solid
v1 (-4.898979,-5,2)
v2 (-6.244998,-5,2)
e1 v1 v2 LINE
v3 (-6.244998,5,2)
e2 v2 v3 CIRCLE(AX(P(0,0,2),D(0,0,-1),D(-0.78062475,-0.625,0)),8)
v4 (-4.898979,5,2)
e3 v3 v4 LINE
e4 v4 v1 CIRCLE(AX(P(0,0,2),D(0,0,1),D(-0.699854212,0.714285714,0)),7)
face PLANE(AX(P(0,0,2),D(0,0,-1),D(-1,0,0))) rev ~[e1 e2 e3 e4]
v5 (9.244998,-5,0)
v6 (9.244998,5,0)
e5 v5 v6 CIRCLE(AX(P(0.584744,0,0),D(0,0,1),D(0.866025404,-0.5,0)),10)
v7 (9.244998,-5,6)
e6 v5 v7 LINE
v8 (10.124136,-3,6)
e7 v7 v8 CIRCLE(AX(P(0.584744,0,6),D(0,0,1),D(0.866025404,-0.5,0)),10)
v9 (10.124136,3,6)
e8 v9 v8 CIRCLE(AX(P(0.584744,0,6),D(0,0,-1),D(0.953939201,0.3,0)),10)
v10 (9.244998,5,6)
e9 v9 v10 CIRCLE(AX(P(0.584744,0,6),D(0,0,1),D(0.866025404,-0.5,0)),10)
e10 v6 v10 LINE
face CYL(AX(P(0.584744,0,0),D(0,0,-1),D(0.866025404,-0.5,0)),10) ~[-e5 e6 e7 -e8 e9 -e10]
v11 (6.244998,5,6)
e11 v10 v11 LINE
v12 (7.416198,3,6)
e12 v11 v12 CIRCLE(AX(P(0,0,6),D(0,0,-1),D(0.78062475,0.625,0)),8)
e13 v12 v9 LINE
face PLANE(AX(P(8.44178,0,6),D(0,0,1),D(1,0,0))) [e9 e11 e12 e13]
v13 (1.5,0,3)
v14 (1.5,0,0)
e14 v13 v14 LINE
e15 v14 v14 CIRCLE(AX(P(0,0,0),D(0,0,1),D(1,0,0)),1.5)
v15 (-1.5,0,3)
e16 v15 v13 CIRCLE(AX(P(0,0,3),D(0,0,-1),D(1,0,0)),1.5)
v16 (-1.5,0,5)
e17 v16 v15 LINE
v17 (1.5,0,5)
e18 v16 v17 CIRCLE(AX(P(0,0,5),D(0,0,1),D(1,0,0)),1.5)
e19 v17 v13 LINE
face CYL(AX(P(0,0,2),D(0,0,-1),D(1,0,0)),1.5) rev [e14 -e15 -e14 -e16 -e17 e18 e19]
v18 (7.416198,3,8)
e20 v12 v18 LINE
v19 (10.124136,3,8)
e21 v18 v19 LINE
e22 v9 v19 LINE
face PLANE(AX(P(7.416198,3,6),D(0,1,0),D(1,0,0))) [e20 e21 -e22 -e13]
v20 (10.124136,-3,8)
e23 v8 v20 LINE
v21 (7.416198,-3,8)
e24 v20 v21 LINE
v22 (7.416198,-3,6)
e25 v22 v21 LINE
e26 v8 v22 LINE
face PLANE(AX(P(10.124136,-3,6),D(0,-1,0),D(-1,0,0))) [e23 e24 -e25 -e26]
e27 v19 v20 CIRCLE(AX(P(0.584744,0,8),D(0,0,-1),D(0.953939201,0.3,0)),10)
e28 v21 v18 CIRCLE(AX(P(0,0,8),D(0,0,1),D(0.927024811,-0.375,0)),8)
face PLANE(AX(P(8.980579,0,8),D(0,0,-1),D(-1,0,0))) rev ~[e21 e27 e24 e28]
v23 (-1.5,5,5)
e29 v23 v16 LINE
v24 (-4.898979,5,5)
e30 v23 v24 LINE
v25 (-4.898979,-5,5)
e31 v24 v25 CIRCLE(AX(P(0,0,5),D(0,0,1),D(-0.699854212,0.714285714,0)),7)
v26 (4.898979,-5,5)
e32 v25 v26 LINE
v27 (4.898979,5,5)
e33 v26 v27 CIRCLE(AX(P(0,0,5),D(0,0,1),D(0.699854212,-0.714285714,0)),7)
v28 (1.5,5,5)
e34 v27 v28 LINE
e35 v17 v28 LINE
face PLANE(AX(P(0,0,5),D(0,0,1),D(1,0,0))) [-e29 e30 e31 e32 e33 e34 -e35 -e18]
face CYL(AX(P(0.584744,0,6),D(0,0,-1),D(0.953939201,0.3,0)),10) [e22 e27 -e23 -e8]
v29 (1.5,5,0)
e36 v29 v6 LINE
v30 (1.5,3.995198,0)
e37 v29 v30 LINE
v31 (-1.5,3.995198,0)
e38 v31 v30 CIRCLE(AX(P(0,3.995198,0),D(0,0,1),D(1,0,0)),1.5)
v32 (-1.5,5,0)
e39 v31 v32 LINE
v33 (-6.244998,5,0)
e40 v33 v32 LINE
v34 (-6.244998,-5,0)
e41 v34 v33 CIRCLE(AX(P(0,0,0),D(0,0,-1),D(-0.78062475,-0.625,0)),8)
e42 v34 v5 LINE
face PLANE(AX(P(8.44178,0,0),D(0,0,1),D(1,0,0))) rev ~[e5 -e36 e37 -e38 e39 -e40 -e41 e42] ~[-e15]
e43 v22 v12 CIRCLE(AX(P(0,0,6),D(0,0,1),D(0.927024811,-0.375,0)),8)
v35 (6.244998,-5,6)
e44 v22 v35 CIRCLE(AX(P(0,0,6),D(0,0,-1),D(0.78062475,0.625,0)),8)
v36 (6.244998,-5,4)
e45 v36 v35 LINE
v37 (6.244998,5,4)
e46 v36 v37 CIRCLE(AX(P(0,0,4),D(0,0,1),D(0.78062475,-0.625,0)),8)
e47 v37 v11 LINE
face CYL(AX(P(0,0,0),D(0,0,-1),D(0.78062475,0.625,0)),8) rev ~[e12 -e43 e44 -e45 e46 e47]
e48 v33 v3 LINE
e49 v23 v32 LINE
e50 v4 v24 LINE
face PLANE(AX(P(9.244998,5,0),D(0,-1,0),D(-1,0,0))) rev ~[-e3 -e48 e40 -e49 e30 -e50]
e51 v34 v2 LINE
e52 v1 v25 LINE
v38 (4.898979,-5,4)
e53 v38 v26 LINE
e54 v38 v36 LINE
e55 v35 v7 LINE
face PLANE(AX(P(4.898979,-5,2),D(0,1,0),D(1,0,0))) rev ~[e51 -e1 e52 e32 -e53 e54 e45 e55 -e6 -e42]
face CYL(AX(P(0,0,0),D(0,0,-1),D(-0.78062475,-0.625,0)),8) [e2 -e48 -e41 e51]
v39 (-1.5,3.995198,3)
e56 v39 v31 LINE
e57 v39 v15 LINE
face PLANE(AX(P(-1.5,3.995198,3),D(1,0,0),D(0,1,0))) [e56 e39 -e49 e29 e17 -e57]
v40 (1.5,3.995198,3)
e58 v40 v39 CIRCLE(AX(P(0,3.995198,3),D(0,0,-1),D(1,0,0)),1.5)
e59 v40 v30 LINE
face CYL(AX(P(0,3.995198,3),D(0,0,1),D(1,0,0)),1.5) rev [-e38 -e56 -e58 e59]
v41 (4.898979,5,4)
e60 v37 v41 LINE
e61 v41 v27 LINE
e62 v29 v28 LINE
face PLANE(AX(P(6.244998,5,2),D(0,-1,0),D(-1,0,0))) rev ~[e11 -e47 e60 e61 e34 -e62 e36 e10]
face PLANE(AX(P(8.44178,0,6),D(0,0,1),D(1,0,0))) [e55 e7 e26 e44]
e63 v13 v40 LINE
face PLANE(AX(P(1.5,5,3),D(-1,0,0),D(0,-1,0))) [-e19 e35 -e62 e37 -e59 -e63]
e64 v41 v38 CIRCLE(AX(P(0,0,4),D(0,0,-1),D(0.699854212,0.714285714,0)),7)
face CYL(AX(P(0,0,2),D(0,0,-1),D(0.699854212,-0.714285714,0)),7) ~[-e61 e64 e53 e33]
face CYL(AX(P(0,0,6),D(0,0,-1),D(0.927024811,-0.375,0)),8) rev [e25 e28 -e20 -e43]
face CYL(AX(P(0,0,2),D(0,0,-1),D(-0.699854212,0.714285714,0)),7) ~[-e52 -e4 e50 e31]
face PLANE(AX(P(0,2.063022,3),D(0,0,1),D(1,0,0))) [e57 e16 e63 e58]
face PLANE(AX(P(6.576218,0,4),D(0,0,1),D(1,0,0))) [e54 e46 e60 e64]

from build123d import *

# Parameters (mm, degrees)
SKETCH1_R           = 1.5
BOSS_EXTRUDE1_DEPTH = 2
SKETCH2_R           = 1.5
BOSS_EXTRUDE2_DEPTH = 3
BOSS_EXTRUDE3_DEPTH = 6
BOSS_EXTRUDE4_DEPTH = 2
CUT_EXTRUDE1_DEPTH  = 2
CUT_EXTRUDE2_DEPTH  = 4
BOSS_EXTRUDE5_DEPTH = 2


with BuildPart() as part:
    # Sketch1 → Boss-Extrude1 (new body)
    with BuildSketch(Plane.XY):
        with BuildLine():
            Line((-6.244997998, 5), (6.244997998, 5))
            ThreePointArc((6.244997998, 5), (8, 0), (6.244997998, -5))
            Line((6.244997998, -5), (-6.244997998, -5))
            ThreePointArc((-6.244997998, -5), (-8, 0), (-6.244997998, 5))
        make_face()
        Circle(SKETCH1_R, mode=Mode.SUBTRACT)
    extrude(amount=BOSS_EXTRUDE1_DEPTH)

    # Sketch2 → Boss-Extrude2 (add)
    with BuildSketch(Plane.XY.offset(2)):
        with BuildLine():
            Line((-4.898979486, -5), (4.898979486, -5))
            ThreePointArc((4.898979486, -5), (7, 0), (4.898979486, 5))
            Line((4.898979486, 5), (-4.898979486, 5))
            ThreePointArc((-4.898979486, 5), (-7, 0), (-4.898979486, -5))
        make_face()
        Circle(SKETCH2_R, mode=Mode.SUBTRACT)
    extrude(amount=BOSS_EXTRUDE2_DEPTH)

    # Sketch3 → Boss-Extrude3 (add)
    with BuildSketch(Plane(origin=(0, 0, 0), x_dir=(-1, 0, 0), z_dir=(0, 0, -1))):
        with BuildLine():
            Line((-6.244997998, -5), (-9.244997998, -5))
            ThreePointArc((-9.244997998, -5), (-10.584743961, 0), (-9.244997998, 5))
            Line((-9.244997998, 5), (-6.244997998, 5))
            ThreePointArc((-6.244997998, 5), (-8, 0), (-6.244997998, -5))
        make_face()
    extrude(amount=-BOSS_EXTRUDE3_DEPTH)

    # Sketch4 → Boss-Extrude4 (add)
    with BuildSketch(Plane.XY.offset(6)):
        with BuildLine():
            Line((7.416198487, 3), (10.124135975, 3))
            ThreePointArc((10.124135975, 3), (10.584743961, 0), (10.124135975, -3))
            Line((10.124135975, -3), (7.416198487, -3))
            ThreePointArc((7.416198487, -3), (8, 0), (7.416198487, 3))
        make_face()
    extrude(amount=BOSS_EXTRUDE4_DEPTH)

    # Sketch5 → Cut-Extrude1 (cut)
    with BuildSketch(Plane.XY.offset(5)):
        with BuildLine():
            Line((-1.5, 5), (-1.5, 0))
            ThreePointArc((-1.5, 0), (-4.1e-08, -1.5), (1.5, -8.1e-08))
            Line((1.5, -8.1e-08), (1.5, 5))
            Line((1.5, 5), (-1.5, 5))
        make_face()
    extrude(amount=-CUT_EXTRUDE1_DEPTH, mode=Mode.SUBTRACT)

    # Sketch6 → Cut-Extrude2 (cut)
    with BuildSketch(Plane.XY.offset(3)):
        with BuildLine():
            Line((-1.5, 5), (1.5, 5))
            Line((1.5, 5), (1.5, 3.995198361))
            ThreePointArc((1.5, 3.995198361), (0, 2.495198361), (-1.5, 3.995198361))
            Line((-1.5, 3.995198361), (-1.5, 5))
        make_face()
    extrude(amount=-CUT_EXTRUDE2_DEPTH, mode=Mode.SUBTRACT)

    # Sketch7 → Boss-Extrude5 (add)
    with BuildSketch(Plane.XY.offset(2)):
        with BuildLine():
            Line((4.898979486, -5), (6.244997998, -5))
            ThreePointArc((6.244997998, -5), (8, 0), (6.244997998, 5))
            Line((6.244997998, 5), (4.898979486, 5))
            ThreePointArc((4.898979486, 5), (7, 0), (4.898979486, -5))
        make_face()
    extrude(amount=BOSS_EXTRUDE5_DEPTH)


solid = part.part
